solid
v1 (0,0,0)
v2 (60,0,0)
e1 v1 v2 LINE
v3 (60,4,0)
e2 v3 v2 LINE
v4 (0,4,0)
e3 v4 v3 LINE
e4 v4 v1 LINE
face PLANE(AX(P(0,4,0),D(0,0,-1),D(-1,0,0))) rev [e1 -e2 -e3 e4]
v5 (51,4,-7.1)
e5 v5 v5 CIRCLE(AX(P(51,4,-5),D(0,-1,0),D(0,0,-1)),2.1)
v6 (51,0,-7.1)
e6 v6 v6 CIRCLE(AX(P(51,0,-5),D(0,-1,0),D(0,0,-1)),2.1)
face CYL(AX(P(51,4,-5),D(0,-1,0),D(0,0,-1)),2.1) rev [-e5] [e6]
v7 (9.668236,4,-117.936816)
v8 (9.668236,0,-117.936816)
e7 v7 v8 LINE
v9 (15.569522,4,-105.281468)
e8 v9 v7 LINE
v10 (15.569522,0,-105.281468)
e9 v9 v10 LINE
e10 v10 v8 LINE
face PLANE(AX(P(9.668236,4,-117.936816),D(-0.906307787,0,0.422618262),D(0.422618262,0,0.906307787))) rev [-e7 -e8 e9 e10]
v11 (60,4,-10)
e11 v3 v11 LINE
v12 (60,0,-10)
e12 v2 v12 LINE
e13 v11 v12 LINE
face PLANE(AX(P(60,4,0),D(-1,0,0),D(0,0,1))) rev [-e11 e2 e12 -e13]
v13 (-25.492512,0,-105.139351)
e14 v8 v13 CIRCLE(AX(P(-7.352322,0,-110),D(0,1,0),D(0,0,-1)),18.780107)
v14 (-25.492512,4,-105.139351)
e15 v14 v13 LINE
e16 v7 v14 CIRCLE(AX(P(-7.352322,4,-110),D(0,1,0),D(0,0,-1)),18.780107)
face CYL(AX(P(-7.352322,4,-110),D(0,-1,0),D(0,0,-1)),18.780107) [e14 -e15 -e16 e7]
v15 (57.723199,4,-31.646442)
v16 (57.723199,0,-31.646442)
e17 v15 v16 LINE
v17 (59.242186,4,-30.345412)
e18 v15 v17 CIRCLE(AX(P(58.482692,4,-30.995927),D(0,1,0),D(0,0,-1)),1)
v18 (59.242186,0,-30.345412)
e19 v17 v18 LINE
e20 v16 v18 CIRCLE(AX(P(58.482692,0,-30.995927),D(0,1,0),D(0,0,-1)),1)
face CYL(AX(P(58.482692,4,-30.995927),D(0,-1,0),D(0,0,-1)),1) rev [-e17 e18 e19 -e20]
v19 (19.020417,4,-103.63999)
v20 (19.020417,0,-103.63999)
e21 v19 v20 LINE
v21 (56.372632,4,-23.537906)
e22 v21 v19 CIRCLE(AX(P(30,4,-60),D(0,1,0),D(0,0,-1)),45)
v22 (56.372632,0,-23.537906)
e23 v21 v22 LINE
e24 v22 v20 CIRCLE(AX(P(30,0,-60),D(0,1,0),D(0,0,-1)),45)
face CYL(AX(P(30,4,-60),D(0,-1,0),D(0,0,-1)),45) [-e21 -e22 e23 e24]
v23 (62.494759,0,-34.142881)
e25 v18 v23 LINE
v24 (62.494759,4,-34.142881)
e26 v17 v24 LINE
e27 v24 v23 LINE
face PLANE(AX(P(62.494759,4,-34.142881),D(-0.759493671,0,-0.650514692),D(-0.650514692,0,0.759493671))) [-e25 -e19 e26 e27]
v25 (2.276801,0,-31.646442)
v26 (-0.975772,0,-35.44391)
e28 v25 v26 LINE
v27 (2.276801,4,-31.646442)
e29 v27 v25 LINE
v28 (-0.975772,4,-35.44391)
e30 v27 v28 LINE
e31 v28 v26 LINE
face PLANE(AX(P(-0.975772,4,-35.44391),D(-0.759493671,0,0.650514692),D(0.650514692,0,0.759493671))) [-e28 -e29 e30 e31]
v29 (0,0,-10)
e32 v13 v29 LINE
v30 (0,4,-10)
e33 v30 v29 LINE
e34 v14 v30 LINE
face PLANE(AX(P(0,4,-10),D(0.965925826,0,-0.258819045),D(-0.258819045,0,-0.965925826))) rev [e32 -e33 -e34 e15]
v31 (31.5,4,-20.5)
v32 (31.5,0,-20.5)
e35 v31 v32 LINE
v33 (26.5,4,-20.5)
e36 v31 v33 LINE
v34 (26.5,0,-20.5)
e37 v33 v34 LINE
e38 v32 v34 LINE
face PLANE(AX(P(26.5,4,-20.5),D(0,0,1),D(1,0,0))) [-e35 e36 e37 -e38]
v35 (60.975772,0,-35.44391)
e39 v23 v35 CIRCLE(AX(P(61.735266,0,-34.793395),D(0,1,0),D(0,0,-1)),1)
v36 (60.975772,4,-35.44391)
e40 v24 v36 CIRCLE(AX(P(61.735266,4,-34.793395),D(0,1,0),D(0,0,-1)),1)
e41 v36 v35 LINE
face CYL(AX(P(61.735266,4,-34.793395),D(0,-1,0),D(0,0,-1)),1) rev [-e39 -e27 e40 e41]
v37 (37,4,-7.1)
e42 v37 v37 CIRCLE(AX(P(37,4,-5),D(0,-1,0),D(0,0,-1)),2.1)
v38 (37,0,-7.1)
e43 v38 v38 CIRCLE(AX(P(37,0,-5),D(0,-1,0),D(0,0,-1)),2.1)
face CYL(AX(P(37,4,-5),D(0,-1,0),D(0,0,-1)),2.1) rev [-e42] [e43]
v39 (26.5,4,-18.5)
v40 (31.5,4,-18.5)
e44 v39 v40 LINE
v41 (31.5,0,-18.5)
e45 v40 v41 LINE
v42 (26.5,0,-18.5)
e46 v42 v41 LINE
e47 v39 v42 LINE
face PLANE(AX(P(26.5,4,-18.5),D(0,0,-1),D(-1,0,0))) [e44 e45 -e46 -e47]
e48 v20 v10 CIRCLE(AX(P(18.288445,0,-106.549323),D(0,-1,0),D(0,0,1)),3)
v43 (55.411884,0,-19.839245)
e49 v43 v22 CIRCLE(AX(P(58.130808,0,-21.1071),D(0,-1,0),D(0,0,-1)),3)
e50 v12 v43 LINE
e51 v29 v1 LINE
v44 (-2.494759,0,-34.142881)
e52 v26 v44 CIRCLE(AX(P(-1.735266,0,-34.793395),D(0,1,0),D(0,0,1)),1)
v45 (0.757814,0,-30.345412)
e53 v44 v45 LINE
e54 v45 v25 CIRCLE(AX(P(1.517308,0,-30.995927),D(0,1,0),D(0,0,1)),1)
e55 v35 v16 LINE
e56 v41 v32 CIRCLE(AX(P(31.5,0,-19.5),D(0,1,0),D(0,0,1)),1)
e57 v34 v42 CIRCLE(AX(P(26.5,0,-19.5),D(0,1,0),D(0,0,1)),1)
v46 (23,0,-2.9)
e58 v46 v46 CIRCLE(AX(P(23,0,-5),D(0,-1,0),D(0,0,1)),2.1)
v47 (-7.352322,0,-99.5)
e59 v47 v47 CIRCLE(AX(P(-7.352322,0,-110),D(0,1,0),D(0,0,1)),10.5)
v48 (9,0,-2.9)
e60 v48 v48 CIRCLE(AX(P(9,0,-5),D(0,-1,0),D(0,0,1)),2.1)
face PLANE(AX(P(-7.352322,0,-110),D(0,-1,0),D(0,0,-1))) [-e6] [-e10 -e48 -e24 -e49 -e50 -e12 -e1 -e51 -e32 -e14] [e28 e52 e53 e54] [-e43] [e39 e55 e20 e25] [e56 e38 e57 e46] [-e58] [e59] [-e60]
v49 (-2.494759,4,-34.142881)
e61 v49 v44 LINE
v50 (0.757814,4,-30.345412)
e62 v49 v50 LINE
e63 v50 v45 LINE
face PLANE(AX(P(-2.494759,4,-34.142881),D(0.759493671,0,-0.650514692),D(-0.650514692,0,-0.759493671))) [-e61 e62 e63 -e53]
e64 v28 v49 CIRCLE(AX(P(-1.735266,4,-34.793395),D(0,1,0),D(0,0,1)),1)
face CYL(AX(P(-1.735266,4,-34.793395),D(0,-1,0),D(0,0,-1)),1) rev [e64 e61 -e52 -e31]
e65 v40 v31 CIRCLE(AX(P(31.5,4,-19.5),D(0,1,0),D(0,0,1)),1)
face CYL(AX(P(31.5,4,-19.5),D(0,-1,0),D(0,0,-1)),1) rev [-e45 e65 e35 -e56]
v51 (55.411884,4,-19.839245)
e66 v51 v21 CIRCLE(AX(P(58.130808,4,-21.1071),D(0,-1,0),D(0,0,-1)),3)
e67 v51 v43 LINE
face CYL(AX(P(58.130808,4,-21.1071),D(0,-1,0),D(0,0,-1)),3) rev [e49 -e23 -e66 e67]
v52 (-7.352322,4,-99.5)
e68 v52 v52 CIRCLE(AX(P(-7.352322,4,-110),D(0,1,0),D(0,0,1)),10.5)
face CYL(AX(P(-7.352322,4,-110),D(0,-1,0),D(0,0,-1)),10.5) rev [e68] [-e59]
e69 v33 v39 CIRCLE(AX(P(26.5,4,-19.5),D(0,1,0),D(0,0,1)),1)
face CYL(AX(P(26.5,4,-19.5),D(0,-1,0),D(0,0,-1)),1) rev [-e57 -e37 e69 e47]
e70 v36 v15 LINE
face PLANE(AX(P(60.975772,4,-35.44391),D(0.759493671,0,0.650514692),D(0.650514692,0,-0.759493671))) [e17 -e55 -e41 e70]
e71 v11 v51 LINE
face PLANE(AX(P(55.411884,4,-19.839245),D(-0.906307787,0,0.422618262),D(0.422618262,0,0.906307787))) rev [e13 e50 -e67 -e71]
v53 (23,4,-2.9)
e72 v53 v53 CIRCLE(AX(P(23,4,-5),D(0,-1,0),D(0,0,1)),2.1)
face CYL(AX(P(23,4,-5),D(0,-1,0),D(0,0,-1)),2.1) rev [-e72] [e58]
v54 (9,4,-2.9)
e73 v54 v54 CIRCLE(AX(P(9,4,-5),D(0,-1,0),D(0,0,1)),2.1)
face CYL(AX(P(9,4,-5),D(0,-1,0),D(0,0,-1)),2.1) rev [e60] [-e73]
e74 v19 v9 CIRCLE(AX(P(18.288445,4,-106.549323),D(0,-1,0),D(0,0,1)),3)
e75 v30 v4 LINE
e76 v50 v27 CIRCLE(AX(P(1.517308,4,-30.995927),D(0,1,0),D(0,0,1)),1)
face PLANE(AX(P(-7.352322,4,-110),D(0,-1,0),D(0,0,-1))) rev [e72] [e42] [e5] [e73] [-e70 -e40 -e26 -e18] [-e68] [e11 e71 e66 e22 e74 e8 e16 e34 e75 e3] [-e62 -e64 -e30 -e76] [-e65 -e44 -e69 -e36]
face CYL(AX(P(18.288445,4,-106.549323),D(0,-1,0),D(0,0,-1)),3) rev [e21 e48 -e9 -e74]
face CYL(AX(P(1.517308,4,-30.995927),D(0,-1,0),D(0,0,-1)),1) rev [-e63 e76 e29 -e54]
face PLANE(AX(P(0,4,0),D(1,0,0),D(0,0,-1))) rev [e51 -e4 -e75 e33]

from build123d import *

# Parameters (mm, degrees)
SKETCH_1_R             = 10.5
EXTRUDE_1_DEPTH        = 4
SKETCH_4_R             = 2.1
CUT_EXTRUDE_1346_DEPTH = 150.081575092


with BuildPart() as part:
    # 草图1 → 凸台-拉伸1 (new body)
    with BuildSketch(Plane(origin=(0, 0, 0), x_dir=(1, 0, 0), z_dir=(0, 1, 0))):
        with BuildLine():
            Line((0, 0), (60, 0))
            Line((60, 0), (60, 10))
            Line((60, 10), (55.411884484, 19.839245477))
            ThreePointArc((55.411884484, 19.839245477), (55.227167567, 21.861337052), (56.372632354, 23.537906496))
            ThreePointArc((56.372632354, 23.537906496), (70.783850417, 79.017821778), (19.020417199, 103.639990393))
            ThreePointArc((19.020417199, 103.639990393), (16.99979992, 103.840191523), (15.569521651, 105.281468301))
            Line((15.569521651, 105.281468301), (9.668235965, 117.936816295))
            ThreePointArc((9.668235965, 117.936816295), (-13.775496492, 127.647528231), (-25.492512153, 105.139350566))
            Line((-25.492512153, 105.139350566), (0, 10))
            Line((0, 10), (0, 0))
        make_face()
        with Locations(Location((-7.352321507, 110, 0), (0, 0, 270))):
            Circle(SKETCH_1_R, mode=Mode.SUBTRACT)
        with BuildLine():
            Line((26.5, 20.5), (31.5, 20.5))
            ThreePointArc((31.5, 20.5), (32.5, 19.5), (31.5, 18.5))
            Line((31.5, 18.5), (26.5, 18.5))
            ThreePointArc((26.5, 18.5), (25.5, 19.5), (26.5, 20.5))
        make_face(mode=Mode.SUBTRACT)
        with BuildLine():
            Line((-0.975772037, 35.443910191), (2.27680142, 31.646441837))
            ThreePointArc((2.27680142, 31.646441837), (2.167822441, 30.236433474), (0.757814079, 30.345412454))
            Line((0.757814079, 30.345412454), (-2.494759379, 34.142880808))
            ThreePointArc((-2.494759379, 34.142880808), (-2.3857804, 35.552889171), (-0.975772037, 35.443910191))
        make_face(mode=Mode.SUBTRACT)
        with BuildLine():
            Line((60.975772037, 35.443910191), (57.72319858, 31.646441837))
            ThreePointArc((57.72319858, 31.646441837), (57.832177559, 30.236433474), (59.242185921, 30.345412454))
            Line((59.242185921, 30.345412454), (62.494759379, 34.142880808))
            ThreePointArc((62.494759379, 34.142880808), (62.3857804, 35.552889171), (60.975772037, 35.443910191))
        make_face(mode=Mode.SUBTRACT)
    extrude(amount=EXTRUDE_1_DEPTH)

    # 草图4 → Cut-Extrude 1346 (cut, through all)
    with BuildSketch(Plane.XZ):
        with Locations(Location((37, -5, 0), (0, 0, 270))):
            Circle(SKETCH_4_R)
        with Locations(Location((51, -5, 0), (0, 0, 270))):
            Circle(SKETCH_4_R)
        with Locations(Location((9, -5, 0), (0, 0, 90))):
            Circle(SKETCH_4_R)
        with Locations(Location((23, -5, 0), (0, 0, 90))):
            Circle(SKETCH_4_R)
    extrude(amount=-CUT_EXTRUDE_1346_DEPTH, mode=Mode.SUBTRACT)


solid = part.part
